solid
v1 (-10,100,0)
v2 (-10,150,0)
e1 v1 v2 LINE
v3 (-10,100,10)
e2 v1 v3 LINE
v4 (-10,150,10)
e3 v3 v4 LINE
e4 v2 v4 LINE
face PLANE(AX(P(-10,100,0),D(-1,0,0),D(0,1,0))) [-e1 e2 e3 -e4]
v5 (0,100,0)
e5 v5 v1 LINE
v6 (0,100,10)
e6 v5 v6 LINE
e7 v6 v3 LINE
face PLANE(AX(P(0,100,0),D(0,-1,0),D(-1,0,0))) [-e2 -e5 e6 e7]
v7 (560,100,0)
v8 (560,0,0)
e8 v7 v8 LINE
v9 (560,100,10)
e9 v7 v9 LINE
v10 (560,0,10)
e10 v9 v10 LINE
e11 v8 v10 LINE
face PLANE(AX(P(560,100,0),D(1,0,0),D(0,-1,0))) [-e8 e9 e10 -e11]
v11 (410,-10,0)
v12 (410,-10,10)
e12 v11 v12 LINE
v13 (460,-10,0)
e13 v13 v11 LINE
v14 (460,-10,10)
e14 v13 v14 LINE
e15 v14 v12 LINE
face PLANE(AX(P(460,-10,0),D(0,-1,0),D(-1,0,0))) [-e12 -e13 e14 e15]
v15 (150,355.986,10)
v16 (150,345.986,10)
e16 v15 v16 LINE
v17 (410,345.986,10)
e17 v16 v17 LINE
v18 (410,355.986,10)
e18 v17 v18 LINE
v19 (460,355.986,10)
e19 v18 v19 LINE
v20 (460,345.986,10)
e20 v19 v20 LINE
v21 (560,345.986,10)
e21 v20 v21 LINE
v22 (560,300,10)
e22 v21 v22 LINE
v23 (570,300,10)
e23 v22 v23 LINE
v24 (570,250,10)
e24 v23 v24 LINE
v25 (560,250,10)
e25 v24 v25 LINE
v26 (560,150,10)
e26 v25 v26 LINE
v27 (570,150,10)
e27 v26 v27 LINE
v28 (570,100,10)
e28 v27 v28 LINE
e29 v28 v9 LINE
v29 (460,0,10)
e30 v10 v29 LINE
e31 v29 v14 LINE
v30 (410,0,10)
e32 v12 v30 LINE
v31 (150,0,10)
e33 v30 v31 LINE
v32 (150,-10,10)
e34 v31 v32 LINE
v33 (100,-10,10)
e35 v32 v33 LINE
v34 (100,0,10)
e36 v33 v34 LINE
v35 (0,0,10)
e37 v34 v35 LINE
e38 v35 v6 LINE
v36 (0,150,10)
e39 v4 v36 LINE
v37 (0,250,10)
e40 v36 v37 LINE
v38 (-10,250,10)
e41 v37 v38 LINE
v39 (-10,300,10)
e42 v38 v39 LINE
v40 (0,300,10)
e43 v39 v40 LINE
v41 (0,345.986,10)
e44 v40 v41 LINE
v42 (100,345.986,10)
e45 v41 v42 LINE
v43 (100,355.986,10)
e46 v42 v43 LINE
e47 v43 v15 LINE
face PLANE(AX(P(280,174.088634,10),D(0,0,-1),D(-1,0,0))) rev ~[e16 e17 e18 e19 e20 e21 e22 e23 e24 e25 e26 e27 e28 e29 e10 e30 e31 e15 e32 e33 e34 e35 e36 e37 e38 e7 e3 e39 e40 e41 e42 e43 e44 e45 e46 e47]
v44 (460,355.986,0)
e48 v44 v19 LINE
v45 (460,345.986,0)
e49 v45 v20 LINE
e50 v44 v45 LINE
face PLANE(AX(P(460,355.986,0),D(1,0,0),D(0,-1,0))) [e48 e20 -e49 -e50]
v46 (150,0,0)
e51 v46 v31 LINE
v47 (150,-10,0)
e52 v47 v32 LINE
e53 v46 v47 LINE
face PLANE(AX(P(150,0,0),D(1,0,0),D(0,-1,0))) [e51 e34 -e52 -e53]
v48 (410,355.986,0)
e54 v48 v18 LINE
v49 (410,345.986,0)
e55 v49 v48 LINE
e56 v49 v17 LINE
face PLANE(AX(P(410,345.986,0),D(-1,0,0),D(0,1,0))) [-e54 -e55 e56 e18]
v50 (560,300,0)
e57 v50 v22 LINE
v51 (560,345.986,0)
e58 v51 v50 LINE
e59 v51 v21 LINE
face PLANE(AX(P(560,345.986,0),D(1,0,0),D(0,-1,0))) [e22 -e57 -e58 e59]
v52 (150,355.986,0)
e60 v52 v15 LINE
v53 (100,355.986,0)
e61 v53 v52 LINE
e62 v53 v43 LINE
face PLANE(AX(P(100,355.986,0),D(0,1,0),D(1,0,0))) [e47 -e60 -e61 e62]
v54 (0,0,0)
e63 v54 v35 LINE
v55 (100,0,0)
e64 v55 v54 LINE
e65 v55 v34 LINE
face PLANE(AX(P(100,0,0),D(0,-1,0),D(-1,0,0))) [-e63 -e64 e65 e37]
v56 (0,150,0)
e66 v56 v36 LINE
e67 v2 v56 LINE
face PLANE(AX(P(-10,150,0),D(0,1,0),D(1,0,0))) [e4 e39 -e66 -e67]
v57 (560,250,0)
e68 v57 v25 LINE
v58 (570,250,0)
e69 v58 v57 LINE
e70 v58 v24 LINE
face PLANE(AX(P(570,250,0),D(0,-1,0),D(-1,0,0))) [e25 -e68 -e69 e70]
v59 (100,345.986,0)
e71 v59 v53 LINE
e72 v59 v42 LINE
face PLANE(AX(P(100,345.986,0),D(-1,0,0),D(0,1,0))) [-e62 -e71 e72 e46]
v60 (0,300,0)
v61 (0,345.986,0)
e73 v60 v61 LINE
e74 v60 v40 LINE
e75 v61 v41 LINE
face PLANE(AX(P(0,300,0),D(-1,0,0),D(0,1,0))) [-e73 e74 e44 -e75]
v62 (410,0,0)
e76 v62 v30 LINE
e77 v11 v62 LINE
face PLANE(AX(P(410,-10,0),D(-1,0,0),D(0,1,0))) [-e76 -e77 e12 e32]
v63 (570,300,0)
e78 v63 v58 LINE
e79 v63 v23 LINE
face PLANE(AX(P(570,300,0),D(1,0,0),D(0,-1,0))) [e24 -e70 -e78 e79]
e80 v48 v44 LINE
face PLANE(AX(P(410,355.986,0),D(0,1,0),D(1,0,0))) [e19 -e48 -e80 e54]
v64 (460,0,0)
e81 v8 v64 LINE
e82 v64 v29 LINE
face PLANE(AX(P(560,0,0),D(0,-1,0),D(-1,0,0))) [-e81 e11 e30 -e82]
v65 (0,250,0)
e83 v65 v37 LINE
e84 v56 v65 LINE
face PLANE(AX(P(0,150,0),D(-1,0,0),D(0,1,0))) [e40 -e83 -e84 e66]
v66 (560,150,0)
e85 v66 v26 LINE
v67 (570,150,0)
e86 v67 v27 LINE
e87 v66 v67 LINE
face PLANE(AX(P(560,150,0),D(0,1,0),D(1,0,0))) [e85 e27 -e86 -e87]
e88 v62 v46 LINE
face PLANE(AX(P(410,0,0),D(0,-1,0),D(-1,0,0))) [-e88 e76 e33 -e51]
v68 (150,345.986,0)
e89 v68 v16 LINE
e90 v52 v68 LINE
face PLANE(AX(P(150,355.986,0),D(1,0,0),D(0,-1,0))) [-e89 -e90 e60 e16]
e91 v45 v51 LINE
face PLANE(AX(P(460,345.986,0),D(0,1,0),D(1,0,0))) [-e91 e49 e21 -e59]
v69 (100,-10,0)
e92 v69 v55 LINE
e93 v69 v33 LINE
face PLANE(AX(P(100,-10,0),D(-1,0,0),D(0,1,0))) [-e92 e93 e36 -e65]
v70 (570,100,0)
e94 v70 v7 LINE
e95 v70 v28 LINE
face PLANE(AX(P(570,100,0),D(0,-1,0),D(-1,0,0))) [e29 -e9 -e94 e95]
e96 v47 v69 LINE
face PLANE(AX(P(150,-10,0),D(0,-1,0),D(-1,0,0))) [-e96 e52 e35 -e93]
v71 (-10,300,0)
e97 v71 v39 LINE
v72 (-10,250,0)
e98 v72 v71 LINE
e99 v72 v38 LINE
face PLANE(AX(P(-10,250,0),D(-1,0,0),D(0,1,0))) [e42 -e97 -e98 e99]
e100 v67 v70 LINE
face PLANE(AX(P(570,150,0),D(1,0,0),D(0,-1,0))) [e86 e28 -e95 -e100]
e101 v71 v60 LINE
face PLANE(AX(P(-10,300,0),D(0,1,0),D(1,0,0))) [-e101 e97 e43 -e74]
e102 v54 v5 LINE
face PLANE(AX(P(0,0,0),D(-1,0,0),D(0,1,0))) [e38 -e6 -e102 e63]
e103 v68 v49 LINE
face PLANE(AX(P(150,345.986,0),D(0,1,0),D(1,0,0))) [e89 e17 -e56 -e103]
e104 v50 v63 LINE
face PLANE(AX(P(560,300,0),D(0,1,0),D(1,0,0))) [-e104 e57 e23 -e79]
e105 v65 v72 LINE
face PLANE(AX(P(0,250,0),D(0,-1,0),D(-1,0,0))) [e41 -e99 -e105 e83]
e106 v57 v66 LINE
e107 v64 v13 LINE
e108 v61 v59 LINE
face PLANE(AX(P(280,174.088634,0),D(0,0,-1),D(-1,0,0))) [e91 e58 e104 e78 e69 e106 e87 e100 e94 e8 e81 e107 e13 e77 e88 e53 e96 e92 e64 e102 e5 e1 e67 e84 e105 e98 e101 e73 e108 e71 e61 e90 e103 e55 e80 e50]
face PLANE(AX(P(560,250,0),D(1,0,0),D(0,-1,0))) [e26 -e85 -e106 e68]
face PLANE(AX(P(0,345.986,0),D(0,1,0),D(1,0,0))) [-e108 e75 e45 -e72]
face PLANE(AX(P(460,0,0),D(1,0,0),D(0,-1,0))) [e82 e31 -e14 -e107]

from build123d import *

# Parameters (mm, degrees)
PAD_DEPTH = 10


with BuildPart() as part:
    # Sketch → Pad (new body)
    with BuildSketch(Plane.XY):
        Polygon((560, 300), (570, 300), (570, 250), (560, 250), (560, 150), (570, 150), (570, 100), (560, 100), (560, 0), (460, 0), (460, -10), (410, -10), (410, 0), (150, 0), (150, -10), (100, -10), (100, 0), (0, 0), (0, 100), (-10, 100), (-10, 150), (0, 150), (0, 250), (-10, 250), (-10, 300), (0, 300), (0, 345.986), (100, 345.986), (100, 355.986), (150, 355.986), (150, 345.986), (410, 345.986), (410, 355.986), (460, 355.986), (460, 345.986), (560, 345.986), align=None)
    extrude(amount=PAD_DEPTH)


solid = part.part
